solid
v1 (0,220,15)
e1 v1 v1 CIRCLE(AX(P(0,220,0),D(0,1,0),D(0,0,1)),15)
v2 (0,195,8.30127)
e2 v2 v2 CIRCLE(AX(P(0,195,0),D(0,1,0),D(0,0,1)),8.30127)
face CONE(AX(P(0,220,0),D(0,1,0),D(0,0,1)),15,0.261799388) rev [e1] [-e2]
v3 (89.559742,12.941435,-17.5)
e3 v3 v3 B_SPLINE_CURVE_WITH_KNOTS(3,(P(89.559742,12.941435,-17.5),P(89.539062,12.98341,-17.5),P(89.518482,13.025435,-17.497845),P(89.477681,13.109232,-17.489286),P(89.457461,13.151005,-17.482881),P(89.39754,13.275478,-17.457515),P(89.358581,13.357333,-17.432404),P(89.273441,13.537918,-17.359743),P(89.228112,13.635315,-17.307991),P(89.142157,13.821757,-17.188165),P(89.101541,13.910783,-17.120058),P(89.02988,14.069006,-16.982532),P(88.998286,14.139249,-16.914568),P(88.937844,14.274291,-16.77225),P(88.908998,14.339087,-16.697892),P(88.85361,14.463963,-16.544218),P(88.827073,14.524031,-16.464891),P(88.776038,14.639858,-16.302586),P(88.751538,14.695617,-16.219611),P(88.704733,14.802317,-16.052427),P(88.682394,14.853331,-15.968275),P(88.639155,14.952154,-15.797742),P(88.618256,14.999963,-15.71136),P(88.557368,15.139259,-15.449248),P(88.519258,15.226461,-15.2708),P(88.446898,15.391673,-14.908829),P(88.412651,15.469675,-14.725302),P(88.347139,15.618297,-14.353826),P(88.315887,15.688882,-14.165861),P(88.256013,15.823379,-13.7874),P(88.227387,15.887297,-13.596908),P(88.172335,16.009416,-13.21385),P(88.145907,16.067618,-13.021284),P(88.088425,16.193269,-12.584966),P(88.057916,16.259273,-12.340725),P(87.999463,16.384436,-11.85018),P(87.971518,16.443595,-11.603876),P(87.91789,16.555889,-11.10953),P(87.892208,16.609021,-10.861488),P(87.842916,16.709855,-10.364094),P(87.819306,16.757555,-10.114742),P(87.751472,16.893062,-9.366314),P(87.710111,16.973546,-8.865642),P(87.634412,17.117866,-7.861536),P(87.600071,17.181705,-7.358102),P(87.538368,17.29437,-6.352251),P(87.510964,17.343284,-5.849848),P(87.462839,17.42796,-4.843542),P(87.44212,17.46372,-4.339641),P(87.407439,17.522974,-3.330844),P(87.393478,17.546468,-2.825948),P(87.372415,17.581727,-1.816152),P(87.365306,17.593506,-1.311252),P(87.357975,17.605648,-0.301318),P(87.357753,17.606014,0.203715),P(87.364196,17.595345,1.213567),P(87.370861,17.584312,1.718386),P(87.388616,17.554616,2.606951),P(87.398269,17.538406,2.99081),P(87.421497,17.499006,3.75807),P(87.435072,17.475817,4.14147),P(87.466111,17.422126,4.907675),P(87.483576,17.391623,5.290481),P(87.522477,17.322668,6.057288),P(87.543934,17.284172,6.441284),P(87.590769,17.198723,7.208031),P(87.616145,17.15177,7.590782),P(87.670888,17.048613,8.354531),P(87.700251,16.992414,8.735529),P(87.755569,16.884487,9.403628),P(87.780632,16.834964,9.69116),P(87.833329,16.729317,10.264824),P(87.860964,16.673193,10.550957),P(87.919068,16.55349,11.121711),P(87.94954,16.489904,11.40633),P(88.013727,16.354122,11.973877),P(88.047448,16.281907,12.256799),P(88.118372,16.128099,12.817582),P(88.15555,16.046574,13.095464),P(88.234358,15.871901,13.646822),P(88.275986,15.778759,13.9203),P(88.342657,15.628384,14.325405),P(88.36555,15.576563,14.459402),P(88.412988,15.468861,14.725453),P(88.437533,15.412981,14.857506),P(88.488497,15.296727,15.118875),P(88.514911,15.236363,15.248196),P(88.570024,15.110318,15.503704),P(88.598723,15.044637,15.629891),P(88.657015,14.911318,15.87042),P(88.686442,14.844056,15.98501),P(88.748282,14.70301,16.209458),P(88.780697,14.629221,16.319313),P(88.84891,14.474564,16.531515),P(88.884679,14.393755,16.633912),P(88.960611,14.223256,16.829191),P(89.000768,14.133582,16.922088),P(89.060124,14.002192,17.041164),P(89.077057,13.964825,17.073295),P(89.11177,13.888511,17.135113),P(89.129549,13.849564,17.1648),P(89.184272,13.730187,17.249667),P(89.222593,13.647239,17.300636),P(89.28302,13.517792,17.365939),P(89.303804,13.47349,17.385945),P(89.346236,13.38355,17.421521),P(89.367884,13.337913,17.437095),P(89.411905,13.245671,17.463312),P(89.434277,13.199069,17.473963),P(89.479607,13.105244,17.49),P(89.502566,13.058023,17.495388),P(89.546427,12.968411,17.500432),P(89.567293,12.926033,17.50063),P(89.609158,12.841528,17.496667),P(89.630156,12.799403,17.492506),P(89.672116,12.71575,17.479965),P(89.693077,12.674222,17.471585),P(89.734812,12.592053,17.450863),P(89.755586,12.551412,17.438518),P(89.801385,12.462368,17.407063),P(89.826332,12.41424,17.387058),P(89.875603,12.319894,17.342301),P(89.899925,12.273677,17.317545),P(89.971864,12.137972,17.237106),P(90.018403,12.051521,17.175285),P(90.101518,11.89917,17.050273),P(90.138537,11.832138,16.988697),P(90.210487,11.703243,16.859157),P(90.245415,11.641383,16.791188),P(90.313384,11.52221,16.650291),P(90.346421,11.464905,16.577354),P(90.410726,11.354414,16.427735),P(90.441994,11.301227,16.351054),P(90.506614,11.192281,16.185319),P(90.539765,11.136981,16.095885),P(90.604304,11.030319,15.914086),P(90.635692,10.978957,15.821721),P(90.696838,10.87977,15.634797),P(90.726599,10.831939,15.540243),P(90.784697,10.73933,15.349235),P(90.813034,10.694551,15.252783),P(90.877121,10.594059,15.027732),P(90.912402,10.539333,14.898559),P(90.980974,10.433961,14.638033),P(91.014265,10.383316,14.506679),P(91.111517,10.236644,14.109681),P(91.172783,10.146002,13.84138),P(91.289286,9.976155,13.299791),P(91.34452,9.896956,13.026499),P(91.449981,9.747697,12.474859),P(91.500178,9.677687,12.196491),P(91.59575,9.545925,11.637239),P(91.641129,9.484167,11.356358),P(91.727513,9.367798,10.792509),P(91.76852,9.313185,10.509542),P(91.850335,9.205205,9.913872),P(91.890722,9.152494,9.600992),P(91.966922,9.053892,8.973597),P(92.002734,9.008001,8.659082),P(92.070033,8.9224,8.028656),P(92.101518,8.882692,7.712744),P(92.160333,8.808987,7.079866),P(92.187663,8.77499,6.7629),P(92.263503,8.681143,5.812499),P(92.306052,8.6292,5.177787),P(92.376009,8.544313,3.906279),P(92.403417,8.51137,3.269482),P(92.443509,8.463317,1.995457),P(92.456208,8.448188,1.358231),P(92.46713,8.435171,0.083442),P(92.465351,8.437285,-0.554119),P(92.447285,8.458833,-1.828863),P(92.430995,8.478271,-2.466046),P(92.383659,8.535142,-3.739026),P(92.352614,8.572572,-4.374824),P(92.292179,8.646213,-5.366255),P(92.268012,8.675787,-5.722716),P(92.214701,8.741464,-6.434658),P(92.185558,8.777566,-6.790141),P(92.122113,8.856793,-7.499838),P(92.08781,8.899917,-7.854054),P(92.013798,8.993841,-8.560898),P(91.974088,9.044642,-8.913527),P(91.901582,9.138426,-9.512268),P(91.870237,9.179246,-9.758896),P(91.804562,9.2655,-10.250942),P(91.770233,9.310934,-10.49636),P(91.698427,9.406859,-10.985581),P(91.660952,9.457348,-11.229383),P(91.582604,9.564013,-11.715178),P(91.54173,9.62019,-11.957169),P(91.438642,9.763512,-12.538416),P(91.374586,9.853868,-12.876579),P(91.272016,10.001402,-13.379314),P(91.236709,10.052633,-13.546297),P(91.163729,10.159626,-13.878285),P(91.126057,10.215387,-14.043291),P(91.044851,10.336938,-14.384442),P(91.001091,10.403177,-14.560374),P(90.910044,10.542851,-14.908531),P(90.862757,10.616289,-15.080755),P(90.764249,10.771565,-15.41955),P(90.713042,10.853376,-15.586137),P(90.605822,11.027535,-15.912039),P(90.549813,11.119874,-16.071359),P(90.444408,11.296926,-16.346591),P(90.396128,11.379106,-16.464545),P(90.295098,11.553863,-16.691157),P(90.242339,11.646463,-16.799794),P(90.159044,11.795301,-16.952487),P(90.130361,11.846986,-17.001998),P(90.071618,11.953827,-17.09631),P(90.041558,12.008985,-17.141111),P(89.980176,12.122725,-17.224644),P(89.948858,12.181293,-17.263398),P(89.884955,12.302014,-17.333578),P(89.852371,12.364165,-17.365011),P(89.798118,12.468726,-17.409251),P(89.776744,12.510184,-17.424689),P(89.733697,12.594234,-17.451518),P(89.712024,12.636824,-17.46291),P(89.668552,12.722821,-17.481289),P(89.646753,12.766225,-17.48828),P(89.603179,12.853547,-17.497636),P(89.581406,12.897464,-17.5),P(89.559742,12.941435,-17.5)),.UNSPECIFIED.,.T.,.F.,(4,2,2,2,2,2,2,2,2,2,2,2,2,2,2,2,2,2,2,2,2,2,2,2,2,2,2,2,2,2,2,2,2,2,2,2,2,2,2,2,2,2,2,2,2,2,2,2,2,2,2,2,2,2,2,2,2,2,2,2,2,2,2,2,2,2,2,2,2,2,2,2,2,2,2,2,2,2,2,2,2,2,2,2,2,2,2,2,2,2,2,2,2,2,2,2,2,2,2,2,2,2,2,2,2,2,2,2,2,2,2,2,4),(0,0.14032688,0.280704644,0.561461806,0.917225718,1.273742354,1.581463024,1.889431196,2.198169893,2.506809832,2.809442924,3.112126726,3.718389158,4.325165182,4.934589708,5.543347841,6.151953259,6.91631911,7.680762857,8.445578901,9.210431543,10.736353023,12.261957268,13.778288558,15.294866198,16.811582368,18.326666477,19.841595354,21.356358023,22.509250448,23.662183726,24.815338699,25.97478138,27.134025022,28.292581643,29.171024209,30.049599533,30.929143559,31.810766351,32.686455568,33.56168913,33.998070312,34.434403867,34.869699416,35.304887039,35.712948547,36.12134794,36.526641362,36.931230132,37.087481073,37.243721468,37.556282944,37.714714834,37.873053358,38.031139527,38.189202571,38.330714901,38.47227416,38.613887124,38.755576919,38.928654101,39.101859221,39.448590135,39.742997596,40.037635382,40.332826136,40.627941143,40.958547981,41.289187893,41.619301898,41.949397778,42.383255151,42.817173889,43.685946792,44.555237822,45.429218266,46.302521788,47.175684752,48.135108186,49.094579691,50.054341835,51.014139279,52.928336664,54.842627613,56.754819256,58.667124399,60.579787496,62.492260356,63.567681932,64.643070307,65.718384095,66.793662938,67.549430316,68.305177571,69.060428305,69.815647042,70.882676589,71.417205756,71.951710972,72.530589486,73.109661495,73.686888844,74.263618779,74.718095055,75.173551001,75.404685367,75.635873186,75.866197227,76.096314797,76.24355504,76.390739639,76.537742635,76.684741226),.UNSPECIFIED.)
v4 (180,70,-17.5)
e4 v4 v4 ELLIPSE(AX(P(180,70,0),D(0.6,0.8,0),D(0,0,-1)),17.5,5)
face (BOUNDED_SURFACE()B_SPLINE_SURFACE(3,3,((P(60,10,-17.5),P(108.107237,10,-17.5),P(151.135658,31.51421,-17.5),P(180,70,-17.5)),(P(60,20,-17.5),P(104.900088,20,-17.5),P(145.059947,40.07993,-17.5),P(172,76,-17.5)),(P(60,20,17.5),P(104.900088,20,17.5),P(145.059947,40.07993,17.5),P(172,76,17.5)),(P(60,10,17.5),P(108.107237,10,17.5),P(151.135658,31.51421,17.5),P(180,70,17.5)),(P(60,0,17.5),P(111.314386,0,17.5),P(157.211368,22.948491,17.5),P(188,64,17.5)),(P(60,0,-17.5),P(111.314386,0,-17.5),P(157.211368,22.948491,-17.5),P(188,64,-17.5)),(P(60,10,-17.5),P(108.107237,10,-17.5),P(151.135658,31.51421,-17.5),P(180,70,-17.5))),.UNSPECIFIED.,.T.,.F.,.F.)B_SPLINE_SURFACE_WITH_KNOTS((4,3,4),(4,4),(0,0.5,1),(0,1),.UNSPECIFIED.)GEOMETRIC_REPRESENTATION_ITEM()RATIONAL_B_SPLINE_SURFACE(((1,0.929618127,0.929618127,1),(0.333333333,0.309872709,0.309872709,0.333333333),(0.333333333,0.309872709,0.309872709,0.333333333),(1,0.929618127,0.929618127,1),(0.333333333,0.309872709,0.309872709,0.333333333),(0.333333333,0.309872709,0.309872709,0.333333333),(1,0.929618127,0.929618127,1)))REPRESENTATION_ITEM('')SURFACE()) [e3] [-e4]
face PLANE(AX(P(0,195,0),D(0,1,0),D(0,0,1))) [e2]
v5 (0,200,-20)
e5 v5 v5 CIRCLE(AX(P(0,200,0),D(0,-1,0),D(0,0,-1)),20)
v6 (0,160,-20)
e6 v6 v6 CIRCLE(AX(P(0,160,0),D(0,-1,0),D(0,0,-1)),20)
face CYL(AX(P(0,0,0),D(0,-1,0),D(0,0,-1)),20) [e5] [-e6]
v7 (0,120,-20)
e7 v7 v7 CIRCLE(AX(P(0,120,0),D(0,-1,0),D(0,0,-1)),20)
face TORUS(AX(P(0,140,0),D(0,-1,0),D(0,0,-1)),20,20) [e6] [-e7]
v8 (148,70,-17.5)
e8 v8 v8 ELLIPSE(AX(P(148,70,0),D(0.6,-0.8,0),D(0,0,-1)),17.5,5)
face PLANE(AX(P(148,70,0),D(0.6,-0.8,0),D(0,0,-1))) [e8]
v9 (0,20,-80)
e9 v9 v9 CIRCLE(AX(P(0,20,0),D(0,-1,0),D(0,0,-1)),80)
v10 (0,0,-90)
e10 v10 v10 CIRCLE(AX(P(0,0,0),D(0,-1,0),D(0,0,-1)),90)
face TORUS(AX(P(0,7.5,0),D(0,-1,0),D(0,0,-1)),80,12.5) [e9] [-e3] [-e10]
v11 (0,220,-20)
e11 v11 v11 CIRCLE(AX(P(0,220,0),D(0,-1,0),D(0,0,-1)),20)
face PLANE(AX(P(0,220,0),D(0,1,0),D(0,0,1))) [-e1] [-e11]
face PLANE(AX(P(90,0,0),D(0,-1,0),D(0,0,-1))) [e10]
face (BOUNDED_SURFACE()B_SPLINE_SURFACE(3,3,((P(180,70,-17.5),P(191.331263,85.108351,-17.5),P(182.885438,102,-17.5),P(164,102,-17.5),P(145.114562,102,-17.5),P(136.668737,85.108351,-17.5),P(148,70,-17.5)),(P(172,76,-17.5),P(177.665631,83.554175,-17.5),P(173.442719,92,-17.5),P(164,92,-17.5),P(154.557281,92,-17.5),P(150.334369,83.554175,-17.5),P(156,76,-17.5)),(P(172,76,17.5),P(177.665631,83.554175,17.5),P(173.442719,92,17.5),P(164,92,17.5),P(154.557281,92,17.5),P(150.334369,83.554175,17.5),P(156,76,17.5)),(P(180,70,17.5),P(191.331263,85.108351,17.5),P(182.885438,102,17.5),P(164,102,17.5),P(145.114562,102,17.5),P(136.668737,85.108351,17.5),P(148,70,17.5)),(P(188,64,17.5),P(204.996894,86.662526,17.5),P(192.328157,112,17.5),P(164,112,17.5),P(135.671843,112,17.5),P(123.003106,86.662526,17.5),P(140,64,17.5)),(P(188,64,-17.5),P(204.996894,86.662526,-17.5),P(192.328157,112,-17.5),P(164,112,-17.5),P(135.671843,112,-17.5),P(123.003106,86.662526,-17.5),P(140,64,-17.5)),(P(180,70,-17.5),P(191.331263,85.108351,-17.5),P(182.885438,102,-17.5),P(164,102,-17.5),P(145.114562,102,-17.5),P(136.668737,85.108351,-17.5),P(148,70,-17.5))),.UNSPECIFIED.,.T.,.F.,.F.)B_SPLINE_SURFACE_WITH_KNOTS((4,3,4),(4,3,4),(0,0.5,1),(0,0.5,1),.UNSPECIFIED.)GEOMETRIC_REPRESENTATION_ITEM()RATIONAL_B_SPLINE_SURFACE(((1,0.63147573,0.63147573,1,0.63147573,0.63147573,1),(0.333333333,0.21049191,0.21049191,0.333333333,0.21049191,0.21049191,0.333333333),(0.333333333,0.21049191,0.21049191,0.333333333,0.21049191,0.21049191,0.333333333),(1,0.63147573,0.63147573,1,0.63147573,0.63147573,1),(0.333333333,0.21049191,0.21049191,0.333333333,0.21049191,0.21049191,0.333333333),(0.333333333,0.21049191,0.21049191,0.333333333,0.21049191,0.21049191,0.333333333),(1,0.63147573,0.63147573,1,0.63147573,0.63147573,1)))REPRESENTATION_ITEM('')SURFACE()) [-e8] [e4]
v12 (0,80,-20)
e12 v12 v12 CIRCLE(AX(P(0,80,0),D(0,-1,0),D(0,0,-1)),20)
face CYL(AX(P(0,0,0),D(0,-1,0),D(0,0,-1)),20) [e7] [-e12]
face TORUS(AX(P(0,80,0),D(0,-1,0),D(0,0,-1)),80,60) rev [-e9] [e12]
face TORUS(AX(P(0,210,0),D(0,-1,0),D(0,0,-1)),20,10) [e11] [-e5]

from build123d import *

# Parameters (mm, degrees)
SZKIC3_RX                  = 17.5
SZKIC3_RY                  = 5
SZKIC4_R                   = 15
WYTNIJ_WYCI_GNI_CIE1_DEPTH = 25
WYTNIJ_WYCI_GNI_CIE1_TAPER = 15


with BuildPart() as part:
    # Szkic1 → Obrót1 (revolve)
    with BuildSketch(Plane.XY):
        with BuildLine():
            Line((0, 0), (0, 220))
            Line((0, 220), (20, 220))
            ThreePointArc((20, 220), (30, 210), (20, 200))
            Line((20, 200), (20, 160))
            ThreePointArc((20, 160), (40, 140), (20, 120))
            Line((20, 120), (20, 80))
            ThreePointArc((20, 80), (37.573593129, 37.573593129), (80, 20))
            ThreePointArc((80, 20), (91.180339887, 13.090169944), (90, 0))
            Line((90, 0), (0, 0))
        make_face()
    revolve(axis=Axis((0, 0, 0), (0, 1, 0)))

    # Wyciągnięcie po ścieżce1: sweep along a path in Szkic2
    with BuildLine(Plane.XY) as wyci_gni_cie_po_cie_ce1_path:
        Line((0, 10), (60, 10))
        ThreePointArc((60, 10), (127.082039325, 25.83592135), (180, 70))
        ThreePointArc((180, 70), (164, 102), (148, 70))
    # Szkic3 → Wyciągnięcie po ścieżce1 (sweep)
    with BuildSketch(Plane(origin=(0, 0, 0), x_dir=(0, 0, -1), z_dir=(1, 0, 0))):
        with Locations((0, 10)):
            Ellipse(SZKIC3_RX, SZKIC3_RY)
    sweep(path=wyci_gni_cie_po_cie_ce1_path.line)

    # Szkic4 → Wytnij-wyciągnięcie1 (cut)
    with BuildSketch(Plane(origin=(0, 220, 0), x_dir=(1, 0, 0), z_dir=(0, 1, 0))):
        Circle(SZKIC4_R)
    extrude(amount=-WYTNIJ_WYCI_GNI_CIE1_DEPTH, taper=WYTNIJ_WYCI_GNI_CIE1_TAPER, mode=Mode.SUBTRACT)


solid = part.part
